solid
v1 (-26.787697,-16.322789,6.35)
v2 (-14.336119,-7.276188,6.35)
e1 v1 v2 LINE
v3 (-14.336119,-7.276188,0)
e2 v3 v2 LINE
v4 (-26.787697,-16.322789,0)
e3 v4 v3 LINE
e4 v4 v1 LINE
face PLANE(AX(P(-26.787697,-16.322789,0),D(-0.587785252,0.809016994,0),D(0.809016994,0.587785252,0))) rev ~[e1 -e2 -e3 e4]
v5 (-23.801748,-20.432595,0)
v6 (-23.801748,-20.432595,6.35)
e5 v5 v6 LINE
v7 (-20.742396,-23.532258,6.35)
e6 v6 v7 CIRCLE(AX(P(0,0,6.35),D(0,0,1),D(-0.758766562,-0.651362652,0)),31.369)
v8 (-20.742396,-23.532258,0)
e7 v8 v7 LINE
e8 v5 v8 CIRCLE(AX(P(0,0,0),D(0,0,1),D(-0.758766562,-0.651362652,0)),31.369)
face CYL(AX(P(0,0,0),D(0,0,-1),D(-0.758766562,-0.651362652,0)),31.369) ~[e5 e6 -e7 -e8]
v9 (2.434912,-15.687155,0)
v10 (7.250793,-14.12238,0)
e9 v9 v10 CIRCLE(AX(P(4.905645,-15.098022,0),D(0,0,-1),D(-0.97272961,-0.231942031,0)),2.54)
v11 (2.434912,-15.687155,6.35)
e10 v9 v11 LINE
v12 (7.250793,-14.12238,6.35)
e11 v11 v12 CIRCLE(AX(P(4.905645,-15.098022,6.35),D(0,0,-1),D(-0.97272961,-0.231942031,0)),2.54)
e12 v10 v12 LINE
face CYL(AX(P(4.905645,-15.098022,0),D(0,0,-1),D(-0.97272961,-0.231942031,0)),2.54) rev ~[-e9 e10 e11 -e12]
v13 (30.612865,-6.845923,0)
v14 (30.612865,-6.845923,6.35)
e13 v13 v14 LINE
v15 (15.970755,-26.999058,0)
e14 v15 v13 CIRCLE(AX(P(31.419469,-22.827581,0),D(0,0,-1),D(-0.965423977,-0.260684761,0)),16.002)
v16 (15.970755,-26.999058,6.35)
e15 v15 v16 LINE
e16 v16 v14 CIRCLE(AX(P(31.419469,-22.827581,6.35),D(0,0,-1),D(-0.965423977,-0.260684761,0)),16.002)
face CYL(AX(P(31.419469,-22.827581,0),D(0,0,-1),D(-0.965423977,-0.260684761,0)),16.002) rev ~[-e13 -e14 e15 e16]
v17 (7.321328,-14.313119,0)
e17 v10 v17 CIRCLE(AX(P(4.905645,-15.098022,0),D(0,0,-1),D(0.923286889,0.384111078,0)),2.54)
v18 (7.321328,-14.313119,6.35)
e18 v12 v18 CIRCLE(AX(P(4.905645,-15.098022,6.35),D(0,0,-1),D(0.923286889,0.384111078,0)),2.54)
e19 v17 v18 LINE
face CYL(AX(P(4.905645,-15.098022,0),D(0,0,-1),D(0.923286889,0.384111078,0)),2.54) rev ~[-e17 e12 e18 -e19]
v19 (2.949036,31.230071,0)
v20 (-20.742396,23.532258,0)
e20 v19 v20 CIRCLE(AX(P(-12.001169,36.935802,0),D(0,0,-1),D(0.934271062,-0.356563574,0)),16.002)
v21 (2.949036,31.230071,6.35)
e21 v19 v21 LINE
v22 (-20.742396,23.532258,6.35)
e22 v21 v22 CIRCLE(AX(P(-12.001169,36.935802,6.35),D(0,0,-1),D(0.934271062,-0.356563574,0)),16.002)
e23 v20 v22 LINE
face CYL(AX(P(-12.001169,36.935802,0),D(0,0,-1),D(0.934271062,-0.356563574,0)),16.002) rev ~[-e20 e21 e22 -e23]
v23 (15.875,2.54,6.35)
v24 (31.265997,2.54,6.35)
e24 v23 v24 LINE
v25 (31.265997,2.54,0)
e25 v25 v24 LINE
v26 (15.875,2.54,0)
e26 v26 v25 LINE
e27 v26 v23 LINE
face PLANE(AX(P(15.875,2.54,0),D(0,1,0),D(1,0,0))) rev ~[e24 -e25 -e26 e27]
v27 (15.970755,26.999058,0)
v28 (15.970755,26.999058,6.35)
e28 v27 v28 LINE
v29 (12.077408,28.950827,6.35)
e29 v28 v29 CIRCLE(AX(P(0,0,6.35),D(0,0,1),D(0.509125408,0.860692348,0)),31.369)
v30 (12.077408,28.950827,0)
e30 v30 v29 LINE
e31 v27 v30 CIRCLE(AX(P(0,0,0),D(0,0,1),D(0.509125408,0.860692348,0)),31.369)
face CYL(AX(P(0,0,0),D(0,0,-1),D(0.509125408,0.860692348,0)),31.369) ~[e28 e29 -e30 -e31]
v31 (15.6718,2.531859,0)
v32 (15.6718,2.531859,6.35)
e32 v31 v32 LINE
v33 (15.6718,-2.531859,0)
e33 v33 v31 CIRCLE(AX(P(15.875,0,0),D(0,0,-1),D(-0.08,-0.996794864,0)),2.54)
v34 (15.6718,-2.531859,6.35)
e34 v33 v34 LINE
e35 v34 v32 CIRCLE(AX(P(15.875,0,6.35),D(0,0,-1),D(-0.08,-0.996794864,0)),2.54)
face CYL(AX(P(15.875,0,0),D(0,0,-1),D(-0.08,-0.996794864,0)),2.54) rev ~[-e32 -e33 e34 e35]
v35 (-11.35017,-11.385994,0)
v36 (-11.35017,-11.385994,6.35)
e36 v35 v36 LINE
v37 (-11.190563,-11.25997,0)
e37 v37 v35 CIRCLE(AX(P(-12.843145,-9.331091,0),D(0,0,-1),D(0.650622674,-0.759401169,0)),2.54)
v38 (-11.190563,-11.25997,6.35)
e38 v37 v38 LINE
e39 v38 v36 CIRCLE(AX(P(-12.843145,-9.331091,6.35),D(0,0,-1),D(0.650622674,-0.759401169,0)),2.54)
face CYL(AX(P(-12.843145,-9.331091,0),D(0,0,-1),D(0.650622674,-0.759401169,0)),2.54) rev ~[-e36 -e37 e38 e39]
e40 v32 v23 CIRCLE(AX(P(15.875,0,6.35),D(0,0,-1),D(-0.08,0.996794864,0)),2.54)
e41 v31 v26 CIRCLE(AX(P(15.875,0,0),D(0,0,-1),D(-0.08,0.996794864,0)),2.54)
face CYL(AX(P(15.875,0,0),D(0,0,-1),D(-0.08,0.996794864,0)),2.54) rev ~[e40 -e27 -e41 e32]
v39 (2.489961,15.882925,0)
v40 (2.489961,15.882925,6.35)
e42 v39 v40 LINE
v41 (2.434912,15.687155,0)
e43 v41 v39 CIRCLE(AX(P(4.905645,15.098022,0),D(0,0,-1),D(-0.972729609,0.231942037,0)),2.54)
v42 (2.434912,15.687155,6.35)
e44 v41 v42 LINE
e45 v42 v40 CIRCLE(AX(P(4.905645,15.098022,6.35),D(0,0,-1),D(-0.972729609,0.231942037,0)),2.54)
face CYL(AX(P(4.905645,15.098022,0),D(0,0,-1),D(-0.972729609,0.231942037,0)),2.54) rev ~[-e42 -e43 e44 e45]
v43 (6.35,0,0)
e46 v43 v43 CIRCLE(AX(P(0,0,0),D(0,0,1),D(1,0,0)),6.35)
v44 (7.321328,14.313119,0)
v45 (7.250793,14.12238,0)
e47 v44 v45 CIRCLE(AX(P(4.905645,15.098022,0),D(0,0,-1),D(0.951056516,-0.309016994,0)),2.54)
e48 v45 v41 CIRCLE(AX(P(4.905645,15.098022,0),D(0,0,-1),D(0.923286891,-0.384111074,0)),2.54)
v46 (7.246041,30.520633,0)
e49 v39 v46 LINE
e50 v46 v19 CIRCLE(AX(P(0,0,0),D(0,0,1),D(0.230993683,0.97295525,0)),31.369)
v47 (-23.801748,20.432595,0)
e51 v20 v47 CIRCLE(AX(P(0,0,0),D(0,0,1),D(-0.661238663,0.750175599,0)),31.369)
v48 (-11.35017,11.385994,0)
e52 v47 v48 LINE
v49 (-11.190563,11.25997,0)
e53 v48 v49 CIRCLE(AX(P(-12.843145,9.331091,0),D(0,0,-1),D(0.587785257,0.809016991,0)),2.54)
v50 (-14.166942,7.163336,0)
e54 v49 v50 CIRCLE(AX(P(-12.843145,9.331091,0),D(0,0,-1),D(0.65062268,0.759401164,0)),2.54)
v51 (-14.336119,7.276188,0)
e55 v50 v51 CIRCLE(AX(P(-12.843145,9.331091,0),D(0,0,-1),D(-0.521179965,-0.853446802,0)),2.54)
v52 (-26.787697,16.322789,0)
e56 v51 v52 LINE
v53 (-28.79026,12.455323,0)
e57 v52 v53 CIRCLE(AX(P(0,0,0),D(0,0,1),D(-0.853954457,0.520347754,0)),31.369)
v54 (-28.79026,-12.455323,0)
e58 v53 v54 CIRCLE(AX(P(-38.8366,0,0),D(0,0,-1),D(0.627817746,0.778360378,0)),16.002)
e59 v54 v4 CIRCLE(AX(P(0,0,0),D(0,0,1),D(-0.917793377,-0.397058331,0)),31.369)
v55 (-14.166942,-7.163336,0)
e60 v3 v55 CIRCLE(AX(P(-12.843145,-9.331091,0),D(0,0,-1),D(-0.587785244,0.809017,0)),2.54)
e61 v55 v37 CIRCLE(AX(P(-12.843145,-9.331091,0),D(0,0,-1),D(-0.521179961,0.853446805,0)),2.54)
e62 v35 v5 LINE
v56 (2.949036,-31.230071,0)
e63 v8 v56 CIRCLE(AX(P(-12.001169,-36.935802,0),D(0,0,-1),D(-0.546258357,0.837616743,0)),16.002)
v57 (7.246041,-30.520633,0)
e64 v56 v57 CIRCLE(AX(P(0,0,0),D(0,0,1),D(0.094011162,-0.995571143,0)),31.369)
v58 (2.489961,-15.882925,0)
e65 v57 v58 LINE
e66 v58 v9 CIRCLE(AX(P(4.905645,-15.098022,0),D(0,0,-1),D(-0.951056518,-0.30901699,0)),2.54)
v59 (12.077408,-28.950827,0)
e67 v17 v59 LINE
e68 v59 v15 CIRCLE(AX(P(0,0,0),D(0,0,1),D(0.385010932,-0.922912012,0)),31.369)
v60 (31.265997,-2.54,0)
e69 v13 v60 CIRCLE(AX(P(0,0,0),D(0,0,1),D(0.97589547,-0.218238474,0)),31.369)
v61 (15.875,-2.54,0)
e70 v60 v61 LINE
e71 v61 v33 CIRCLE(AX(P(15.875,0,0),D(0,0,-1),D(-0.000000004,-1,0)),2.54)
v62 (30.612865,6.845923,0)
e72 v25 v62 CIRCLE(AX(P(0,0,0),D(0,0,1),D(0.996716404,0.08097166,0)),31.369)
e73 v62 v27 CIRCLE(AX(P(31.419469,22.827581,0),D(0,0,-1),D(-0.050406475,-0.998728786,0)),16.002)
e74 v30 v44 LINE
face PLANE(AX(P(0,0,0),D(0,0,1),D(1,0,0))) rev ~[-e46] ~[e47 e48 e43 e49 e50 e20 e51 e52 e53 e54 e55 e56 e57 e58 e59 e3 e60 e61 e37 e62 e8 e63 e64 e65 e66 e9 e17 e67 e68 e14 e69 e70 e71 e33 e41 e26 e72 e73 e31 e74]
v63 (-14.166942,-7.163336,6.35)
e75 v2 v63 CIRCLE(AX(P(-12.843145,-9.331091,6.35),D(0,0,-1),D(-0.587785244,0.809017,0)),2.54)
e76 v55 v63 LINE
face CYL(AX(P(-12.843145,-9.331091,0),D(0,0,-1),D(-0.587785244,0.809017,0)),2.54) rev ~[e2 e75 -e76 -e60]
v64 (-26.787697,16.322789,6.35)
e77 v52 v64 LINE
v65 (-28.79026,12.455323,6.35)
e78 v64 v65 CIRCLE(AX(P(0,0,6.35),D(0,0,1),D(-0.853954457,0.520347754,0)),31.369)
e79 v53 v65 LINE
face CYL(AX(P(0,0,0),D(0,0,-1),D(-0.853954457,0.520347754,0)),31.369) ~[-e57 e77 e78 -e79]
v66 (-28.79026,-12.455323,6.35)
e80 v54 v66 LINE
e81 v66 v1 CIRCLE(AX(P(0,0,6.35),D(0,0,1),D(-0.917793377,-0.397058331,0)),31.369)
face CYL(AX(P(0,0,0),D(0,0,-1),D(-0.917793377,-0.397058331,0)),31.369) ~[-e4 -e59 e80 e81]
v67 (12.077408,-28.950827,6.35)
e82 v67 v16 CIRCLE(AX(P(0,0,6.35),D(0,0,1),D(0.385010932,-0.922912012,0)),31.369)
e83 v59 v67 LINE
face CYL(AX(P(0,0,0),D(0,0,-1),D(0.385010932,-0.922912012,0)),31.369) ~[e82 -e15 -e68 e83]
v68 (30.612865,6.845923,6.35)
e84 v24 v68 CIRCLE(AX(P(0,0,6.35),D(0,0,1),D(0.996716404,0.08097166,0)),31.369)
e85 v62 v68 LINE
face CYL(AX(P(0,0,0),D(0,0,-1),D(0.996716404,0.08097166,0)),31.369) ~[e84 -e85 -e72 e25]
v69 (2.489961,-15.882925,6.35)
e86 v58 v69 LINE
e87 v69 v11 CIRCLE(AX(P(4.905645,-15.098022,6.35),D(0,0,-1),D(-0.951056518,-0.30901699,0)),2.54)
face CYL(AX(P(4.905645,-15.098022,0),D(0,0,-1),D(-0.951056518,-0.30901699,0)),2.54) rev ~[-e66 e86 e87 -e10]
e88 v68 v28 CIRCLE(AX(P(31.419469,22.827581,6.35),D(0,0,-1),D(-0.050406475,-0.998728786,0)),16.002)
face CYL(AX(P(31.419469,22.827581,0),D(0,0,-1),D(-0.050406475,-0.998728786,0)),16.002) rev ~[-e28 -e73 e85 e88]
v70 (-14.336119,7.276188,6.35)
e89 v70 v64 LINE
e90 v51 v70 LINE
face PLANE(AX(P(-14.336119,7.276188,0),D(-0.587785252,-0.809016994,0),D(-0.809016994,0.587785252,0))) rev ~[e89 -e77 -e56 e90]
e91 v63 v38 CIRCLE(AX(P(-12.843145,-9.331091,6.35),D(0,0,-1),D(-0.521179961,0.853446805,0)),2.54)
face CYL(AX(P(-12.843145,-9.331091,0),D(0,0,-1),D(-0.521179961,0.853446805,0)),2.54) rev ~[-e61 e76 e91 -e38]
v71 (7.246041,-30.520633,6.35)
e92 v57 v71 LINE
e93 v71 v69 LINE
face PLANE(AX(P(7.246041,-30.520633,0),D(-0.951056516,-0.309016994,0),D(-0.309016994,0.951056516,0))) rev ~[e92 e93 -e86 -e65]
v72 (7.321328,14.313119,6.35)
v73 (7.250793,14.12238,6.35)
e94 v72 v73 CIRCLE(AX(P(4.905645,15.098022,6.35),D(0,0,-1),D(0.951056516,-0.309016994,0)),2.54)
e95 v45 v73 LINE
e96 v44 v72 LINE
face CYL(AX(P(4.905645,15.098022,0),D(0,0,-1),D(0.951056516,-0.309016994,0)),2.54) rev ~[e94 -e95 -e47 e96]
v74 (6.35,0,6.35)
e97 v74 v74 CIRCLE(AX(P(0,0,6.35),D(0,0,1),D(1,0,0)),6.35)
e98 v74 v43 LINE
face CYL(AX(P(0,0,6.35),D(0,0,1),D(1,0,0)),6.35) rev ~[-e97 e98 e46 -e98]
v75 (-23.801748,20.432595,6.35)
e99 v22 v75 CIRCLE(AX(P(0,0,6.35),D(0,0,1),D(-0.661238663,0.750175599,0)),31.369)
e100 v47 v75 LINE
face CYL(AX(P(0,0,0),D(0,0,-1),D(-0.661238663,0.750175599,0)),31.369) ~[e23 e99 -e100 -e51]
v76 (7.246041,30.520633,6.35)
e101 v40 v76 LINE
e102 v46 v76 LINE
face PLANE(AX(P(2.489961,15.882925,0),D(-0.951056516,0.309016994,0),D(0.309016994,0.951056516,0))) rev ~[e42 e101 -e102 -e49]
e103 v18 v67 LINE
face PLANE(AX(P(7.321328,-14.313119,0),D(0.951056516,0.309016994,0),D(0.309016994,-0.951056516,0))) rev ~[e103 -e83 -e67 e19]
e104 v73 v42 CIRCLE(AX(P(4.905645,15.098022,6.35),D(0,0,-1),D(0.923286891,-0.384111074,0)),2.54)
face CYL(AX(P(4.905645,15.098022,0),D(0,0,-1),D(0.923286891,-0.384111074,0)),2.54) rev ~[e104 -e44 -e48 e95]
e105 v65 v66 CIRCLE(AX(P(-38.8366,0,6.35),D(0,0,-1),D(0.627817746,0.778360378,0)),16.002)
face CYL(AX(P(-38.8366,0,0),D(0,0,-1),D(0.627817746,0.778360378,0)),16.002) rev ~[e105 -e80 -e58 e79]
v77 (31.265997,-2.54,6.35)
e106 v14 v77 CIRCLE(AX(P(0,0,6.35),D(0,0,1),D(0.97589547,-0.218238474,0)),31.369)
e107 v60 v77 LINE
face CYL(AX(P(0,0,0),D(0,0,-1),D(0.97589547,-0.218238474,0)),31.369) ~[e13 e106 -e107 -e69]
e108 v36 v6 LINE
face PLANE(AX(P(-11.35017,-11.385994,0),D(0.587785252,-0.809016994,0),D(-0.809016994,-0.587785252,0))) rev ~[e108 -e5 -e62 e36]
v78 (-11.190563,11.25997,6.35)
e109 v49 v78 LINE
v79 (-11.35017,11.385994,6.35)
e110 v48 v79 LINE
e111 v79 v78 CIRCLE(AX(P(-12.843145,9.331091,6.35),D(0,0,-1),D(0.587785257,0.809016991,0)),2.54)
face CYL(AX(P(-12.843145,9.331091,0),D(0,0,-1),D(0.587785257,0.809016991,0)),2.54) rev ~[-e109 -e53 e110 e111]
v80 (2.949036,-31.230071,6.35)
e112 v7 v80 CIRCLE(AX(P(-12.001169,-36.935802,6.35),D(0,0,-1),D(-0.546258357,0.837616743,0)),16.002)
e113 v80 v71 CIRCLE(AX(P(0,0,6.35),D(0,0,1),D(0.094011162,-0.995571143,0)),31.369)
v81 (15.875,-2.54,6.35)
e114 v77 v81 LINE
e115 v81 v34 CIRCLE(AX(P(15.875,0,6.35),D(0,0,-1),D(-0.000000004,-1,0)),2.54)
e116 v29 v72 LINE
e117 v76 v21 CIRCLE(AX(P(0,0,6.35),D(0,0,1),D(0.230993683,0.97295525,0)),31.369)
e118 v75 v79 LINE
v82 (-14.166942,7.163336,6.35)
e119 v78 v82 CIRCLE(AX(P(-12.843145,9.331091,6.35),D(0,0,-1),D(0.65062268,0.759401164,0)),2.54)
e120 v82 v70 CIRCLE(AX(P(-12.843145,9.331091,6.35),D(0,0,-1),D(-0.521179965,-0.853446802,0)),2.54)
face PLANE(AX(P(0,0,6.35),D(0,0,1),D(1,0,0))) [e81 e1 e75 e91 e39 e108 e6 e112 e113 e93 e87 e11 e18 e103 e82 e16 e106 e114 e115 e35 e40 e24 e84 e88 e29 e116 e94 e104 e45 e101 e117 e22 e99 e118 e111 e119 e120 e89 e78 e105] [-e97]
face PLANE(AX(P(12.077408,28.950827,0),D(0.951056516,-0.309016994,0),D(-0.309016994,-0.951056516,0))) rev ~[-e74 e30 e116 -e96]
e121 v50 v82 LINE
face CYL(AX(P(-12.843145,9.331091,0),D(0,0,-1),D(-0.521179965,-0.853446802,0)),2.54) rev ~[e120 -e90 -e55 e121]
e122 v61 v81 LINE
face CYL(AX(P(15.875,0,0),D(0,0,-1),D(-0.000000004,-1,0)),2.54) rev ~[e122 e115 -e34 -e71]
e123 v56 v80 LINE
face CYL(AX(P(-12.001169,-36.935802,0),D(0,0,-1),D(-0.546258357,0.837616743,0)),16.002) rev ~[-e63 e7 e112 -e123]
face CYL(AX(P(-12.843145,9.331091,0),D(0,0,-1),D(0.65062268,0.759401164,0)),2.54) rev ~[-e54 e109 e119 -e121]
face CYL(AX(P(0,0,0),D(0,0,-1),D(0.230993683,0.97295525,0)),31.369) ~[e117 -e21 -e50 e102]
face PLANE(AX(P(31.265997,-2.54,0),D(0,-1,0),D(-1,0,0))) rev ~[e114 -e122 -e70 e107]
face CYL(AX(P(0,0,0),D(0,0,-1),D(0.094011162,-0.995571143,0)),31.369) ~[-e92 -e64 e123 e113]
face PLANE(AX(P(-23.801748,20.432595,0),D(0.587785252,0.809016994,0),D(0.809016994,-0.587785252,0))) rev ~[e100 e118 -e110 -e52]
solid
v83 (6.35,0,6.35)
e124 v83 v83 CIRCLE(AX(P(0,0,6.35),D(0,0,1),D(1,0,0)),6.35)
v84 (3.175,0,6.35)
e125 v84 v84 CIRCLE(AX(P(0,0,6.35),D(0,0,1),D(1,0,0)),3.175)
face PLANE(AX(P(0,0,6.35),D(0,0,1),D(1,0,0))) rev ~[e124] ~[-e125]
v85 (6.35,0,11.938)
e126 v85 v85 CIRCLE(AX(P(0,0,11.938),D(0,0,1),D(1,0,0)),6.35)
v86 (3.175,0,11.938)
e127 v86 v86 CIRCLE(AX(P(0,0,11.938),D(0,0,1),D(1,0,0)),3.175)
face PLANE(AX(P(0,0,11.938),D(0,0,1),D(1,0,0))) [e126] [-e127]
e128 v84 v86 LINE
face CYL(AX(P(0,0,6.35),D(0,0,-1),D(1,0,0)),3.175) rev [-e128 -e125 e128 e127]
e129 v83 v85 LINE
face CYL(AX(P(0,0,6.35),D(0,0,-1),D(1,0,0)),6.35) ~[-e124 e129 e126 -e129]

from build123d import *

# Parameters (mm, degrees)
BOSS_EXTRUDE1_DEPTH = 6.35
SKETCH2_R           = 6.35
SKETCH2_R_2         = 3.175
BOSS_EXTRUDE2_DEPTH = 5.588
SKETCH2_2_R         = 6.35
SKETCH2_2_R_2       = 3.175
CUT_EXTRUDE1_DEPTH  = 45.645295473


with BuildPart() as part:
    # Sketch1 → Boss-Extrude1 (new body)
    with BuildSketch(Plane.XY):
        with BuildLine():
            ThreePointArc((15.6718, 2.531858953), (15.773318492, 2.537963922), (15.875, 2.54))
            Line((15.875, 2.54), (31.265996882, 2.54))
            ThreePointArc((31.265996882, 2.54), (31.014248813, 4.704309891), (30.612864998, 6.845922701))
            ThreePointArc((30.612864998, 6.845922701), (18.47357946, 13.421841122), (15.970754926, 26.999058282))
            ThreePointArc((15.970754926, 26.999058282), (14.057994528, 28.042591729), (12.077407934, 28.950826907))
            Line((12.077407934, 28.950826907), (7.321328337, 14.31311903))
            ThreePointArc((7.321328337, 14.31311903), (7.287970598, 14.217043352), (7.250793488, 14.122380068))
            ThreePointArc((7.250793488, 14.122380068), (4.12074162, 12.682338645), (2.434911576, 15.687154956))
            ThreePointArc((2.434911576, 15.687154956), (2.460476345, 15.785591318), (2.489961234, 15.882925362))
            Line((2.489961234, 15.882925362), (7.246040831, 30.520633238))
            ThreePointArc((7.246040831, 30.520633238), (5.109865374, 30.950015135), (2.949036136, 31.230071195))
            ThreePointArc((2.949036136, 31.230071195), (-7.05627946, 21.716995127), (-20.742395628, 23.532258383))
            ThreePointArc((-20.742395628, 23.532258383), (-22.325930381, 22.035584712), (-23.801748282, 20.432595031))
            Line((-23.801748282, 20.432595031), (-11.350170245, 11.385994046))
            ThreePointArc((-11.350170245, 11.385994046), (-11.269104953, 11.324579933), (-11.190563179, 11.259969838))
            ThreePointArc((-11.190563179, 11.259969838), (-10.78824162, 7.838116339), (-14.166941886, 7.163335996))
            ThreePointArc((-14.166941886, 7.163335996), (-14.252660482, 7.218068045), (-14.336119327, 7.276187714))
            Line((-14.336119327, 7.276187714), (-26.787697364, 16.3227887))
            ThreePointArc((-26.787697364, 16.3227887), (-27.856178334, 14.423851415), (-28.790260432, 12.455322769))
            ThreePointArc((-28.790260432, 12.455322769), (-22.8346, 0), (-28.790260432, -12.455322769))
            ThreePointArc((-28.790260432, -12.455322769), (-27.856178334, -14.423851415), (-26.787697364, -16.3227887))
            Line((-26.787697364, -16.3227887), (-14.336119327, -7.276187714))
            ThreePointArc((-14.336119327, -7.276187714), (-14.252660482, -7.218068045), (-14.166941886, -7.163335996))
            ThreePointArc((-14.166941886, -7.163335996), (-10.78824162, -7.838116339), (-11.190563179, -11.259969838))
            ThreePointArc((-11.190563179, -11.259969838), (-11.269104953, -11.324579933), (-11.350170245, -11.385994046))
            Line((-11.350170245, -11.385994046), (-23.801748282, -20.432595031))
            ThreePointArc((-23.801748282, -20.432595031), (-22.325930381, -22.035584712), (-20.742395628, -23.532258383))
            ThreePointArc((-20.742395628, -23.532258383), (-7.05627946, -21.716995127), (2.949036136, -31.230071195))
            ThreePointArc((2.949036136, -31.230071195), (5.109865374, -30.950015135), (7.246040831, -30.520633238))
            Line((7.246040831, -30.520633238), (2.489961234, -15.882925362))
            ThreePointArc((2.489961234, -15.882925362), (2.460476345, -15.785591318), (2.434911576, -15.687154956))
            ThreePointArc((2.434911576, -15.687154956), (4.12074162, -12.682338645), (7.250793488, -14.122380068))
            ThreePointArc((7.250793488, -14.122380068), (7.287970598, -14.217043352), (7.321328337, -14.31311903))
            Line((7.321328337, -14.31311903), (12.077407934, -28.950826907))
            ThreePointArc((12.077407934, -28.950826907), (14.057994528, -28.042591729), (15.970754926, -26.999058282))
            ThreePointArc((15.970754926, -26.999058282), (18.47357946, -13.421841122), (30.612864998, -6.845922701))
            ThreePointArc((30.612864998, -6.845922701), (31.014248813, -4.704309891), (31.265996882, -2.54))
            Line((31.265996882, -2.54), (15.875, -2.54))
            ThreePointArc((15.875, -2.54), (15.773318492, -2.537963922), (15.6718, -2.531858953))
            ThreePointArc((15.6718, -2.531858953), (13.335, 0), (15.6718, 2.531858953))
        make_face()
    extrude(amount=BOSS_EXTRUDE1_DEPTH)

    # Sketch2 → Boss-Extrude2 (add)
    with BuildSketch(Plane.XY.offset(6.35)):
        Circle(SKETCH2_R)
        Circle(SKETCH2_R_2, mode=Mode.SUBTRACT)
    extrude(amount=BOSS_EXTRUDE2_DEPTH)

    # Sketch2<2> → Cut-Extrude1 (cut, through all)
    with BuildSketch(Plane.XY.offset(6.35)):
        Circle(SKETCH2_2_R)
        Circle(SKETCH2_2_R_2, mode=Mode.SUBTRACT)
    extrude(amount=-CUT_EXTRUDE1_DEPTH, mode=Mode.SUBTRACT)


with BuildPart() as cut_extrude1_piece_1:
    # of the separate pieces the step leaves, piece 1, a body of its own (cut_extrude1_pieces_kept)
    add(part.part.solids().sort_by_distance((-14.336119327, -7.276187714, 0))[0])


with BuildPart() as cut_extrude1_piece_2:
    # of the separate pieces the step leaves, piece 2, a body of its own (cut_extrude1_pieces_kept)
    add(part.part.solids().sort_by_distance((6.35, 0, 11.938))[0])


solid = Compound([cut_extrude1_piece_1.part, cut_extrude1_piece_2.part])
